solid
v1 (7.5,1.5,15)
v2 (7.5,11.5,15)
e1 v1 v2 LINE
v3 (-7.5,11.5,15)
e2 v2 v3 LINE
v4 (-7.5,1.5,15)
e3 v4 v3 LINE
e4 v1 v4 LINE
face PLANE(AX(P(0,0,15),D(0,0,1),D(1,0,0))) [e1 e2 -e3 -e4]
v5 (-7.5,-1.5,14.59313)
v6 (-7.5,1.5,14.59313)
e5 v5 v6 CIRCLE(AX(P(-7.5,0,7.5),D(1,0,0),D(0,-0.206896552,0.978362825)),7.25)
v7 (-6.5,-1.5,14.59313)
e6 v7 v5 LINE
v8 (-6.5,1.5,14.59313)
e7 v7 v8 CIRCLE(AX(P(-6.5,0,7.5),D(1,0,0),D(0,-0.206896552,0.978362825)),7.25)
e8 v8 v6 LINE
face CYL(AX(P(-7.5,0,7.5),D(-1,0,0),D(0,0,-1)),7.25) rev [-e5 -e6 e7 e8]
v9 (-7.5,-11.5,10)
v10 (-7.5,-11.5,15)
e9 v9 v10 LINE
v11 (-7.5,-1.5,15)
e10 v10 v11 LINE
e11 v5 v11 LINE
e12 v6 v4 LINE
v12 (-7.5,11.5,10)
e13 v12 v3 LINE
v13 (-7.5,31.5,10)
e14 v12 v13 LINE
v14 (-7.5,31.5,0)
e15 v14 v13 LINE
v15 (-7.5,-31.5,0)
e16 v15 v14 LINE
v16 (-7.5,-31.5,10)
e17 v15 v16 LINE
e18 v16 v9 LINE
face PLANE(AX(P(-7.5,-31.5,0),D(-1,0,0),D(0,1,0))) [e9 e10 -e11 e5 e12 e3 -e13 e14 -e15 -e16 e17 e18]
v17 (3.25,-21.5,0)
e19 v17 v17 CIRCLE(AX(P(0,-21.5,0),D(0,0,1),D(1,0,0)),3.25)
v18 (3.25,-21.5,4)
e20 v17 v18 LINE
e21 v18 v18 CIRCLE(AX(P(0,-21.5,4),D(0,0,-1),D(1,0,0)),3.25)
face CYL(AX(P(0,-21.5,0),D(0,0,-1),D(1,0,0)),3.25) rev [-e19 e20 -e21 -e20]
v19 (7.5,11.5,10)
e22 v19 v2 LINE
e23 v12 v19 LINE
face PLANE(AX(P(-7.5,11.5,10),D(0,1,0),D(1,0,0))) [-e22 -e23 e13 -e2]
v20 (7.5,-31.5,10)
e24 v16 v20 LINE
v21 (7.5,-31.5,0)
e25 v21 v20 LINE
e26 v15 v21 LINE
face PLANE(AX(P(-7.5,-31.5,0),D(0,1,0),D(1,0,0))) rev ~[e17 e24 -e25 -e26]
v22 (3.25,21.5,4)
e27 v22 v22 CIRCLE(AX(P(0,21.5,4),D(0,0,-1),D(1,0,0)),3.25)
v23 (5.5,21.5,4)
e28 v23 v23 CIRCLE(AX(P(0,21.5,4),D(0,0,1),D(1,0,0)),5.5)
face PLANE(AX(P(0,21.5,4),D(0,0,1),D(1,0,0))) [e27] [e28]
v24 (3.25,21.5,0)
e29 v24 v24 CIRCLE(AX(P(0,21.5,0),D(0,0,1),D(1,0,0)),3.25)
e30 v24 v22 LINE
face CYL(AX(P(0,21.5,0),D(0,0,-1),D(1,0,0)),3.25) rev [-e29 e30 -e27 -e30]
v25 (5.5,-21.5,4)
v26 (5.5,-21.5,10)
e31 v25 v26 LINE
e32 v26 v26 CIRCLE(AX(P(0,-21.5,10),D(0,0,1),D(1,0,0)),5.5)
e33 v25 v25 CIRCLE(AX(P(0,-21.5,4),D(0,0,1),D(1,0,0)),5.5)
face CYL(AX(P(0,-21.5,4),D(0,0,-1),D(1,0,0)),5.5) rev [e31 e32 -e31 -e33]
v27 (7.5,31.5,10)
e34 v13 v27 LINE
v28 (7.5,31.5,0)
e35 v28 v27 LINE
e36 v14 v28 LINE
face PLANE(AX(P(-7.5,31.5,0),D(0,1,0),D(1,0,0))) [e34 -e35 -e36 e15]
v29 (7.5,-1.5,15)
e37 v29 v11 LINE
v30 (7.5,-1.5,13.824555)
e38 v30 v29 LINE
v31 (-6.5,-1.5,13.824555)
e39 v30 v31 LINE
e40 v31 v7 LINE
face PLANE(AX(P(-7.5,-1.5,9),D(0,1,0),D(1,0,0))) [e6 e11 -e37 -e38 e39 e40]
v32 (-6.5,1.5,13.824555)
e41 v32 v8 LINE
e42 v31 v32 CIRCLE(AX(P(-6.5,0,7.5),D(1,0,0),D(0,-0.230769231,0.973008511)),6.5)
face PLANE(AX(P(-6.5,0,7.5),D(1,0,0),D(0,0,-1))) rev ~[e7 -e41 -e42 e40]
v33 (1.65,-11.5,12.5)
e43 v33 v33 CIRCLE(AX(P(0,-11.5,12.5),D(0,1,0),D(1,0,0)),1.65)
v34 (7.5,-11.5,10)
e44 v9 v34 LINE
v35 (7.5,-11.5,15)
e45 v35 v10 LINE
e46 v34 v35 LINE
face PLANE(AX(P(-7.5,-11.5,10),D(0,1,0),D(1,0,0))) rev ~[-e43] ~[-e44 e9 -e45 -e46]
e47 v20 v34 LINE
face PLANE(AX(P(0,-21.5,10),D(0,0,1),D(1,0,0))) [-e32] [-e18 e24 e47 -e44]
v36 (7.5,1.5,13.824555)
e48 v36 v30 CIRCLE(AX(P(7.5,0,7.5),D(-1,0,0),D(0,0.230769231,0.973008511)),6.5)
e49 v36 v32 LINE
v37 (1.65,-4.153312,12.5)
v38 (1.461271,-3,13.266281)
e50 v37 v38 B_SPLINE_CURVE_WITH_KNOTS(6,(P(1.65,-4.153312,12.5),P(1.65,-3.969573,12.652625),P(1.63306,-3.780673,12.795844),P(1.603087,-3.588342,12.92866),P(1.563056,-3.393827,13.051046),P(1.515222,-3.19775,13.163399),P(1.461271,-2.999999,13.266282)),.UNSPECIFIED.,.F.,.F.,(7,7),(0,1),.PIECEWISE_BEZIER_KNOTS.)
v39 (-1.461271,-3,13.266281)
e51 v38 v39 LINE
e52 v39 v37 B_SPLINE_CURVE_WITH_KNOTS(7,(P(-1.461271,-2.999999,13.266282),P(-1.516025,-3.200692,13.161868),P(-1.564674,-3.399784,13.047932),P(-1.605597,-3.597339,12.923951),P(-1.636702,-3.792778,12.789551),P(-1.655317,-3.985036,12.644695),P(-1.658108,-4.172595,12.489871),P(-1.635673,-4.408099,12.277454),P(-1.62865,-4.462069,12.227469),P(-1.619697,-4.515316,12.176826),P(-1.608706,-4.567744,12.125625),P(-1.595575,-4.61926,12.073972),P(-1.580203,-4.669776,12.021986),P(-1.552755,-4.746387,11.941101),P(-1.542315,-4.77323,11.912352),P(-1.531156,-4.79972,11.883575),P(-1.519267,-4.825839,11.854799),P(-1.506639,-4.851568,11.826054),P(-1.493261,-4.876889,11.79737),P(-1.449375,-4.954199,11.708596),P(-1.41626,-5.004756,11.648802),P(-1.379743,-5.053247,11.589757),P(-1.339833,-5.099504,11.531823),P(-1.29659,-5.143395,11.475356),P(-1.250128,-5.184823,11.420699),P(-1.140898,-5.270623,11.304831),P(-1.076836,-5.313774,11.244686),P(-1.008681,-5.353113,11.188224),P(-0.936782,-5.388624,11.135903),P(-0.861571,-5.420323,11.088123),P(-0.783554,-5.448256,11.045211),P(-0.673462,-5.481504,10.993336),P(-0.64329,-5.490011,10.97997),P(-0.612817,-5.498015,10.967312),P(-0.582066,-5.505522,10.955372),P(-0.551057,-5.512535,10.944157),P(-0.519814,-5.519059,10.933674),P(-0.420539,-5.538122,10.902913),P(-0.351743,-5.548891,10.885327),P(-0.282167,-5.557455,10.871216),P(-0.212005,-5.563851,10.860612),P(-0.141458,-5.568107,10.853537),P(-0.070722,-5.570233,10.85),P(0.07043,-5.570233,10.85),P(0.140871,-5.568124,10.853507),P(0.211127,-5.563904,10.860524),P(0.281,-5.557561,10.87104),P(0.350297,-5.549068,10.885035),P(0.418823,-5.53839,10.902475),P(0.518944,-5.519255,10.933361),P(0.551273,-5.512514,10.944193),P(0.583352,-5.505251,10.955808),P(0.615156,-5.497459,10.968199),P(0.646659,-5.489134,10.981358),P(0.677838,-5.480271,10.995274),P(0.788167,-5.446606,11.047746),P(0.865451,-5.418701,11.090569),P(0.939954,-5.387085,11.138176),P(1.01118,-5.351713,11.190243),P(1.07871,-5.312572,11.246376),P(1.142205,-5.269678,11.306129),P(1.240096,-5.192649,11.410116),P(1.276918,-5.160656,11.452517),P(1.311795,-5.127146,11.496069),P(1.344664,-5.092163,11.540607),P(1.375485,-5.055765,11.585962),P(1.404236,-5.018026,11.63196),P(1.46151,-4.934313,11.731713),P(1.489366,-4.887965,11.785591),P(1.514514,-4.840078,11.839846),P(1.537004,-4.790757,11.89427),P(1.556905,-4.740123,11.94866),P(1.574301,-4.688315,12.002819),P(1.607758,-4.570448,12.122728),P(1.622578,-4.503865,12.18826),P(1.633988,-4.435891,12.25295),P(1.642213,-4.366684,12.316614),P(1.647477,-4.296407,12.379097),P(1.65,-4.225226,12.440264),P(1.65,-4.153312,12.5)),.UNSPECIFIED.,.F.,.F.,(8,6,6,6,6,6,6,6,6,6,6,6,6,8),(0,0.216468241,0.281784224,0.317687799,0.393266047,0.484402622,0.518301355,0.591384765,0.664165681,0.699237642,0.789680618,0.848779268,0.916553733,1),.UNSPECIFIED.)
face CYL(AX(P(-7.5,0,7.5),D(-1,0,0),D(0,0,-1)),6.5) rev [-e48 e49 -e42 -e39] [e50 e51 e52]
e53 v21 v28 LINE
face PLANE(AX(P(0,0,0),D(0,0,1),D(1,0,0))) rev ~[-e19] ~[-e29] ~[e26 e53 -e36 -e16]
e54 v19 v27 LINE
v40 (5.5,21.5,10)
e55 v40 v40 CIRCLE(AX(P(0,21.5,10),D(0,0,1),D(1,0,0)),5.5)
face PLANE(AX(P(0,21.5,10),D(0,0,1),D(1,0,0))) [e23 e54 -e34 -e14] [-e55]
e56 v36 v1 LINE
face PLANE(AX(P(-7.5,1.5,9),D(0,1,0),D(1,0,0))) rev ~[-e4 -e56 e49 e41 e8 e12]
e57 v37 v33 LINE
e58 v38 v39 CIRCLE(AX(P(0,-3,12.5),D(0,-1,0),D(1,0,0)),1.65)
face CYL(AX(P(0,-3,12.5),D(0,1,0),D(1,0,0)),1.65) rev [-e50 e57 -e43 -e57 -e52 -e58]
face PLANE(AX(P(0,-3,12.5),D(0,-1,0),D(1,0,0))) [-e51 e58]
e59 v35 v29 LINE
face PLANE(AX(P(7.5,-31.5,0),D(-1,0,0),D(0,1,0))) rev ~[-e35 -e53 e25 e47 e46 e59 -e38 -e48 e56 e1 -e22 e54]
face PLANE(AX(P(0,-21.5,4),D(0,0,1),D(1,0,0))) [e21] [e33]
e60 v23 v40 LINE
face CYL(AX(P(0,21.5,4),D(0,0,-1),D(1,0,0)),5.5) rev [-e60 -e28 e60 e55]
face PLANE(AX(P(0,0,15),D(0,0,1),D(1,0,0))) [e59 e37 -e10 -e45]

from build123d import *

# Parameters (mm, degrees)
CYLINDER008_R             = 1.65
CYLINDER008_DEPTH         = 10
BOX_W                     = 15
BOX_H                     = 3
BOX_DEPTH                 = 10
CYLINDER014_R             = 7.25
CYLINDER014_DEPTH         = 1
CYLINDER013_R             = 6.5
CYLINDER013_DEPTH         = 32
FUSION010_PLACEMENT_ANGLE = 90
CYLINDER010_R             = 3.25
CYLINDER010_DEPTH         = 10
CYLINDER009_R             = 5.5
CYLINDER009_DEPTH         = 6
CYLINDER012_R             = 3.25
CYLINDER012_DEPTH         = 10
CYLINDER011_R             = 5.5
CYLINDER011_DEPTH         = 6
BOX006_W                  = 15
BOX006_H                  = 20
BOX006_DEPTH              = 20
BOX005_W                  = 15
BOX005_H                  = 20
BOX005_DEPTH              = 20
BOX004_W                  = 15
BOX004_H                  = 63
BOX004_DEPTH              = 15


with BuildPart() as m4wormscrew:
    # Cylinder008 → Cylinder008 (new body)
    with BuildSketch(Plane(origin=(0, -3, 12.5), x_dir=(1, 0, 0), z_dir=(0, -1, 0))):
        Circle(CYLINDER008_R)
    extrude(amount=CYLINDER008_DEPTH)


with BuildPart() as cube:
    # Box → Box (new body)
    with BuildSketch(Plane(origin=(-7.5, -1.5, 9), x_dir=(1, 0, 0), z_dir=(0, 0, 1))):
        with Locations((7.5, 1.5)):
            Rectangle(BOX_W, BOX_H)
    extrude(amount=BOX_DEPTH)


with BuildPart() as cylinder014:
    # Cylinder014 → Cylinder014 (new body)
    with BuildSketch(Plane.XY):
        Circle(CYLINDER014_R)
    extrude(amount=CYLINDER014_DEPTH)


with BuildPart() as lasermoduletemplate002:
    # Cylinder013 → Cylinder013 (new body)
    with BuildSketch(Plane.XY):
        Circle(CYLINDER013_R)
    extrude(amount=CYLINDER013_DEPTH)

    # Fusion010: union Cylinder014
    add(cylinder014.part)


with BuildPart() as lasermoduletemplate002_1:
    # Fusion010 placement: moved
    add(lasermoduletemplate002.part.moved(Location((-7.5, 0, 7.5))).rotate(Axis((-7.5, 0, 7.5), (0, 1, 0)), FUSION010_PLACEMENT_ANGLE))


with BuildPart() as cylinder010:
    # Cylinder010 → Cylinder010 (new body)
    with BuildSketch(Plane.XY):
        Circle(CYLINDER010_R)
    extrude(amount=CYLINDER010_DEPTH)


with BuildPart() as screwthrough003:
    # Cylinder009 → Cylinder009 (new body)
    with BuildSketch(Plane.XY.offset(4)):
        Circle(CYLINDER009_R)
    extrude(amount=CYLINDER009_DEPTH)

    # Fusion007: union Cylinder010
    add(cylinder010.part)


with BuildPart() as screwthrough003_1:
    # Fusion007 placement: moved
    add(screwthrough003.part.moved(Location((0, -21.5, 0))))


with BuildPart() as cylinder012:
    # Cylinder012 → Cylinder012 (new body)
    with BuildSketch(Plane.XY):
        Circle(CYLINDER012_R)
    extrude(amount=CYLINDER012_DEPTH)


with BuildPart() as fusion009:
    # Cylinder011 → Cylinder011 (new body)
    with BuildSketch(Plane.XY.offset(4)):
        Circle(CYLINDER011_R)
    extrude(amount=CYLINDER011_DEPTH)

    # Fusion008: union Cylinder012
    add(cylinder012.part)


with BuildPart() as fusion009_1:
    # Fusion008 placement: moved
    add(fusion009.part.moved(Location((0, 21.5, 0))))

    # Fusion009: union ScrewThrough003
    add(screwthrough003_1.part)


with BuildPart() as cube006:
    # Box006 → Box006 (new body)
    with BuildSketch(Plane(origin=(-15, -31.5, 10), x_dir=(1, 0, 0), z_dir=(0, 0, 1))):
        with Locations((7.5, 10)):
            Rectangle(BOX006_W, BOX006_H)
    extrude(amount=BOX006_DEPTH)


with BuildPart() as fusion006:
    # Box005 → Box005 (new body)
    with BuildSketch(Plane(origin=(-15, 11.5, 10), x_dir=(1, 0, 0), z_dir=(0, 0, 1))):
        with Locations((7.5, 10)):
            Rectangle(BOX005_W, BOX005_H)
    extrude(amount=BOX005_DEPTH)

    # Fusion006: union Cube006
    add(cube006.part)


with BuildPart() as cut008:
    # Box004 → Box004 (new body)
    with BuildSketch(Plane(origin=(-15, -31.5, 0), x_dir=(1, 0, 0), z_dir=(0, 0, 1))):
        with Locations((7.5, 31.5)):
            Rectangle(BOX004_W, BOX004_H)
    extrude(amount=BOX004_DEPTH)

    # Cut005: cut Fusion006
    add(fusion006.part, mode=Mode.SUBTRACT)


with BuildPart() as cut008_1:
    # Cut005 placement: moved
    add(cut008.part.moved(Location((7.5, 0, 0))))

    # Cut006: cut Fusion009
    add(fusion009_1.part, mode=Mode.SUBTRACT)

    # Cut007: cut LaserModuleTemplate002
    add(lasermoduletemplate002_1.part, mode=Mode.SUBTRACT)

    # Cut: cut Cube
    add(cube.part, mode=Mode.SUBTRACT)

    # Cut008: cut M4WormScrew
    add(m4wormscrew.part, mode=Mode.SUBTRACT)


solid = cut008_1.part
